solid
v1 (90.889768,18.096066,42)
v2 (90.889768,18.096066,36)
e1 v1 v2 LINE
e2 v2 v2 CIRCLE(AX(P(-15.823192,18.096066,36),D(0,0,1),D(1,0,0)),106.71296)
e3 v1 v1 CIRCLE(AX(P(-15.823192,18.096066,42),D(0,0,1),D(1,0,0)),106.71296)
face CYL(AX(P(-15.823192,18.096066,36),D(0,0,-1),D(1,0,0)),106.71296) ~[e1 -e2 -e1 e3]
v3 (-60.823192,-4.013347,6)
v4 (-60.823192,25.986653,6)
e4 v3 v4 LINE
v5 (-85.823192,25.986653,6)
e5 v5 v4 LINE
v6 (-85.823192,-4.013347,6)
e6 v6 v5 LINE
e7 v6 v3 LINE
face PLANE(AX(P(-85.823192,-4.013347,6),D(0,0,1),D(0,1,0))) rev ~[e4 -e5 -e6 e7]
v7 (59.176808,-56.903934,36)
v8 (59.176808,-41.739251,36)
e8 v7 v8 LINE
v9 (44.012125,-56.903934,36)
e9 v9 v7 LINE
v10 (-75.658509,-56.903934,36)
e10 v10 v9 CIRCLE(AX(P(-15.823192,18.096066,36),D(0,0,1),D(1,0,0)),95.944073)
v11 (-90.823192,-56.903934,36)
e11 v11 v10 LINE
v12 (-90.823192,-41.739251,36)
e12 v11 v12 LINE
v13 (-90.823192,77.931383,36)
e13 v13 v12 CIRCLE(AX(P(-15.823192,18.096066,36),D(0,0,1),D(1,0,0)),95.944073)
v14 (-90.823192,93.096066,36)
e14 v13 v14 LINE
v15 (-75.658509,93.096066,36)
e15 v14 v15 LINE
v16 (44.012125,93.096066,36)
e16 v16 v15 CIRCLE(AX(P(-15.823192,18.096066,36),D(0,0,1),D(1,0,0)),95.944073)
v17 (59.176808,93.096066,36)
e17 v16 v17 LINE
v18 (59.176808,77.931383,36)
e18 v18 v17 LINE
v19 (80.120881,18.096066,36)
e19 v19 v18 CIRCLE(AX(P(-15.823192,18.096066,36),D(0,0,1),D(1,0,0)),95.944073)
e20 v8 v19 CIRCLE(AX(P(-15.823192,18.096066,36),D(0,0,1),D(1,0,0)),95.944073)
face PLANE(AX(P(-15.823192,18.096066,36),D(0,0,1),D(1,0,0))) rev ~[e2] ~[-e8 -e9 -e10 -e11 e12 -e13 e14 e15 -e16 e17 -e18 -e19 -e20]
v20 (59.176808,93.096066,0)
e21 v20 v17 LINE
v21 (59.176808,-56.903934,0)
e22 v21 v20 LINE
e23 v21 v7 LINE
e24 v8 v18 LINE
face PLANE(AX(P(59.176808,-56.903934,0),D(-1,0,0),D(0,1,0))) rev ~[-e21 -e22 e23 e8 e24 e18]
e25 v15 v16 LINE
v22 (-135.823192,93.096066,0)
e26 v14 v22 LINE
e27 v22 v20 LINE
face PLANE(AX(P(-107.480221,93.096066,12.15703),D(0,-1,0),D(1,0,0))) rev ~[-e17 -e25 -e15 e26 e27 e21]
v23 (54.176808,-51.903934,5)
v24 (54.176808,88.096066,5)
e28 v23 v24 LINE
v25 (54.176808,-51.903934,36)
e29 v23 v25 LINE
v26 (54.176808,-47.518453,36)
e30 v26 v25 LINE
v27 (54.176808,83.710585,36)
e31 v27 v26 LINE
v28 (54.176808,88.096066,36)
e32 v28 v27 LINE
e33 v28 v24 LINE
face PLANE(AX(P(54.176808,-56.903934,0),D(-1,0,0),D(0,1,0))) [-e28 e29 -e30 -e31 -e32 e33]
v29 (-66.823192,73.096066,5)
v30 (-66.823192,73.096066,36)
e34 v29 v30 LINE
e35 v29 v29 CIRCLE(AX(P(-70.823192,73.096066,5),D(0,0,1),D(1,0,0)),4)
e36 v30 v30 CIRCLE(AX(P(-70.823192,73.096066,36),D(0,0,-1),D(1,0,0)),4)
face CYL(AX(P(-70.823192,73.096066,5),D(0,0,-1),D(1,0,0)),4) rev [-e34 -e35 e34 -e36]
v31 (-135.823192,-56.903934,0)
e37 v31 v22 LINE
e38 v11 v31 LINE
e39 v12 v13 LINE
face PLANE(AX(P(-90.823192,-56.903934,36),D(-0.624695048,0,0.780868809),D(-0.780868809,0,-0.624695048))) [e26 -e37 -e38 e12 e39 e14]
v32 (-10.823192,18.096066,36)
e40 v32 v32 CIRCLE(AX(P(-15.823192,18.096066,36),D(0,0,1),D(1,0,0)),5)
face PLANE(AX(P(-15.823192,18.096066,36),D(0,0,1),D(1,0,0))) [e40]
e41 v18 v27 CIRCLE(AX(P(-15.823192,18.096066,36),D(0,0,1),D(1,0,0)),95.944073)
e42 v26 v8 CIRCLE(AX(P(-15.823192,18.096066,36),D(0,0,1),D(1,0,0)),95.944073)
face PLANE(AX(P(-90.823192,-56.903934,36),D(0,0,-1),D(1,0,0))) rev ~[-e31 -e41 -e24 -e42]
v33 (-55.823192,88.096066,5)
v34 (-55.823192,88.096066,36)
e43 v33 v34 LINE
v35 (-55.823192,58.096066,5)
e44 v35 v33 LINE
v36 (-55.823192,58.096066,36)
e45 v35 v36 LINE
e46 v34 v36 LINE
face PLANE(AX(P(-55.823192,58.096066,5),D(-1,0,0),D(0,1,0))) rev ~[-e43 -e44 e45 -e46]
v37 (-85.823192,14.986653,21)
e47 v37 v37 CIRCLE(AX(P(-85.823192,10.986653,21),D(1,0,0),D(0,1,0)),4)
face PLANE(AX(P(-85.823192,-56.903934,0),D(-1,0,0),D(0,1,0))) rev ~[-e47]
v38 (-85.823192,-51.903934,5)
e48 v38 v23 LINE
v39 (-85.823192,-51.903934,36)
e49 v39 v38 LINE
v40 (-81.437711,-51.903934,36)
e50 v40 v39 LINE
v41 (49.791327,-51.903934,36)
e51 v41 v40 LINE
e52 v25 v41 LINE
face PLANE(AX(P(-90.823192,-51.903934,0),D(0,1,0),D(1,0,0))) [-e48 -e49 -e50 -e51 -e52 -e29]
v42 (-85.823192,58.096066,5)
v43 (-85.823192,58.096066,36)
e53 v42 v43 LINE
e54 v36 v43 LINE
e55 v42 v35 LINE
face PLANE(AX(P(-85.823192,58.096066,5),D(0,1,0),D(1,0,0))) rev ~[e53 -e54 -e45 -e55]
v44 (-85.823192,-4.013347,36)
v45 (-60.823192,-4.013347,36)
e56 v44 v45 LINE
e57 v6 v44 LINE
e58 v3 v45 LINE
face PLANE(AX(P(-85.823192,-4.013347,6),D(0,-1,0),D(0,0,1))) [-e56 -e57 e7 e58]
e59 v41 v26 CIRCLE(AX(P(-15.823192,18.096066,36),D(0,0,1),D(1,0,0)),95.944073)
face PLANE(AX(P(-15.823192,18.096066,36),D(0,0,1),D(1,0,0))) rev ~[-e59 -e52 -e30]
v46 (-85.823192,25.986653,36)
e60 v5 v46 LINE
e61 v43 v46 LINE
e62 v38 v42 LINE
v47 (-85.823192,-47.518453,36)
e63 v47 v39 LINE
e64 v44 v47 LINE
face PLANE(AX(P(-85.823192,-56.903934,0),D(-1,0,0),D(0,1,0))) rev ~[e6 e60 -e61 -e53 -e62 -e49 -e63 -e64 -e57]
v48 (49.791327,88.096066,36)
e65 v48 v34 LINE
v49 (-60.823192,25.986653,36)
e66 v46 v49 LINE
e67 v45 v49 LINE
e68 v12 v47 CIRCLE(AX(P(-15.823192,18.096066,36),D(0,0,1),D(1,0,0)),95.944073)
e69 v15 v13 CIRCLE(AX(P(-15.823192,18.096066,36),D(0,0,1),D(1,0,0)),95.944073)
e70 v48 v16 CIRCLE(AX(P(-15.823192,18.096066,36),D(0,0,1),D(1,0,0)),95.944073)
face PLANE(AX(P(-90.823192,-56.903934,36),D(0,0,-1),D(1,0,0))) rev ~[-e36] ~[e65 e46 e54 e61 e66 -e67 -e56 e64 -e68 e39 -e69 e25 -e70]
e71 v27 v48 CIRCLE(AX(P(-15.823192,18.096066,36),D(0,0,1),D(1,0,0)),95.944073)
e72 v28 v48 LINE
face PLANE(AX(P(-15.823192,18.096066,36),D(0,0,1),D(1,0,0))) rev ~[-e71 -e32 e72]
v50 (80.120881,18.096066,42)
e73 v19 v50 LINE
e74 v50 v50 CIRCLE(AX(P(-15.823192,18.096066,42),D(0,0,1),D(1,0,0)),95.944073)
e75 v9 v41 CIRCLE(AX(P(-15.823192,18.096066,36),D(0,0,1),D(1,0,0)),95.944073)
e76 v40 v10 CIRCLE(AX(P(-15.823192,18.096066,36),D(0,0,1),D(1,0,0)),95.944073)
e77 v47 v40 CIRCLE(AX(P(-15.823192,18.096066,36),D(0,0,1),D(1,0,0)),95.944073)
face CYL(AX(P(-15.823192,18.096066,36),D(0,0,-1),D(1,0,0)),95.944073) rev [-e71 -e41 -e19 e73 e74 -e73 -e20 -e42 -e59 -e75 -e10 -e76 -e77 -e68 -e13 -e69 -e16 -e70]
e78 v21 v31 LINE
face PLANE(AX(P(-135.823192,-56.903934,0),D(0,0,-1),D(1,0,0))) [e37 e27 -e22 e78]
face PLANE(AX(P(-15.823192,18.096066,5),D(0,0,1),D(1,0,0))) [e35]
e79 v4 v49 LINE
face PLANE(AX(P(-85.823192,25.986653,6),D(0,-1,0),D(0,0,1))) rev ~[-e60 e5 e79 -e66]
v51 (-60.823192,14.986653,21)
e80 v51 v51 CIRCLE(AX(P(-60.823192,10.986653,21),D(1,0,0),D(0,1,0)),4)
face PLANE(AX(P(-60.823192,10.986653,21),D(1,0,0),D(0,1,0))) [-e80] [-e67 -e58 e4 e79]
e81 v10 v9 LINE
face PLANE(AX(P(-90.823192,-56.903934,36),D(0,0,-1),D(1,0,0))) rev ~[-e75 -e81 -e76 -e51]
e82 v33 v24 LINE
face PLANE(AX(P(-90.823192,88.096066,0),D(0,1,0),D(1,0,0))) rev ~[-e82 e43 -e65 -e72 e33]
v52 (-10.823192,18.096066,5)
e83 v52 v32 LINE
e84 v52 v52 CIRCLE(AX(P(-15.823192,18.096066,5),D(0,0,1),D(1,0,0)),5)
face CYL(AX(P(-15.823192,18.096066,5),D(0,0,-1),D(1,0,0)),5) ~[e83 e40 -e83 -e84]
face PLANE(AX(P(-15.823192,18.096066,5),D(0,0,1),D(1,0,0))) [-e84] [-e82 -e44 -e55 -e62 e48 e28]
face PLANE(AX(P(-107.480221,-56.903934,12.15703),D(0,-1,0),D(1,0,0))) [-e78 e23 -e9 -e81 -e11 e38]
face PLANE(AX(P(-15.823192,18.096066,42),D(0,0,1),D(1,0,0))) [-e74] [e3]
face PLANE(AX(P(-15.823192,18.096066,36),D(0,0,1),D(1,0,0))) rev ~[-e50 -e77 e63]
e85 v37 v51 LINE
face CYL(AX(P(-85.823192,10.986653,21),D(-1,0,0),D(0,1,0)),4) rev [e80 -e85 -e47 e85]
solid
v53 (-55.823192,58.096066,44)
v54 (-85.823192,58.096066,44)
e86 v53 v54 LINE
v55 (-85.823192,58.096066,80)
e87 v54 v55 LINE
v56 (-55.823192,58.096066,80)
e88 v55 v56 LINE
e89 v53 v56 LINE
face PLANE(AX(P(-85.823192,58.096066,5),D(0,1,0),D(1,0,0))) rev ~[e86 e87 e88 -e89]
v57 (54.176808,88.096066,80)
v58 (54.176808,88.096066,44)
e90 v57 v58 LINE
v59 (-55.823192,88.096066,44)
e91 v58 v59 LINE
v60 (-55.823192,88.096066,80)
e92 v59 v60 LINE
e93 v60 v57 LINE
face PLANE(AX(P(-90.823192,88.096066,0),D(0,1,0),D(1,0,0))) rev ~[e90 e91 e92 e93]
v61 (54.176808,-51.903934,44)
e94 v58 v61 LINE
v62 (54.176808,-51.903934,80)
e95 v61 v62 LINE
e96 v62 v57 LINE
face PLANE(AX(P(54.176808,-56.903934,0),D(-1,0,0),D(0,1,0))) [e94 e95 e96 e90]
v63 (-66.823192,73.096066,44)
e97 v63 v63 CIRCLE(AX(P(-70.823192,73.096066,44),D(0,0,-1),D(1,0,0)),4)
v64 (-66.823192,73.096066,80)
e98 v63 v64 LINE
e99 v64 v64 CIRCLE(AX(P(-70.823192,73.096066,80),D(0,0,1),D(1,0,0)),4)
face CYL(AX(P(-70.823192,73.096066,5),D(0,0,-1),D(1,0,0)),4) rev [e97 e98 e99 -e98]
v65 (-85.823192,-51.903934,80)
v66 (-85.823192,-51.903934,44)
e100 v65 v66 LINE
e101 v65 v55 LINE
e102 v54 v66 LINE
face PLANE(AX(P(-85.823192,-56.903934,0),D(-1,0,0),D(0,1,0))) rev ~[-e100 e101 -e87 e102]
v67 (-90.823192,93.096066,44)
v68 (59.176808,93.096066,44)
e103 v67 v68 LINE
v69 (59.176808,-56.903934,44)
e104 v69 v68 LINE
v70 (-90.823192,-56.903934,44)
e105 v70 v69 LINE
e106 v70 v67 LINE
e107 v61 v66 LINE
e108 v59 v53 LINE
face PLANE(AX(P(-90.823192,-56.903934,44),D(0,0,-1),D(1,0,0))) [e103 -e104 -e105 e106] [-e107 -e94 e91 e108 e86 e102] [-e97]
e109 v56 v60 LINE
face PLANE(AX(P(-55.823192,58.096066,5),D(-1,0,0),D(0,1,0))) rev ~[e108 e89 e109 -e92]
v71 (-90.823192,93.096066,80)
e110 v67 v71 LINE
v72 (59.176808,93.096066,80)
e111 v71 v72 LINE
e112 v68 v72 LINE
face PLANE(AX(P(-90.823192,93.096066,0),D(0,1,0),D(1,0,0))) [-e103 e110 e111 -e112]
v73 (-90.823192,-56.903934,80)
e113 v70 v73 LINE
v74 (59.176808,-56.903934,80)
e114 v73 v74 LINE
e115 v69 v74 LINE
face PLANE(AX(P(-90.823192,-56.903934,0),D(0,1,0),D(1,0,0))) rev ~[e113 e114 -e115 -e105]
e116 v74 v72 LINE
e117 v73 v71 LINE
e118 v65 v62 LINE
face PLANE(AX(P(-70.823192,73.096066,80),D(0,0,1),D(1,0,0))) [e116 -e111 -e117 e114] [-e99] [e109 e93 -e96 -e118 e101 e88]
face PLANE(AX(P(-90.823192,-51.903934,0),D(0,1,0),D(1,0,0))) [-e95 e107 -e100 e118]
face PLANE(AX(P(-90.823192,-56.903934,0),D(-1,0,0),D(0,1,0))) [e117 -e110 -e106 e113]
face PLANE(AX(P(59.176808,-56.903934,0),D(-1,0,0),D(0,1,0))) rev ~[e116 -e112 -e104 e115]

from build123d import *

# Parameters (mm, degrees)
F0_W      = 150
F0_H      = 150
F1_DEPTH  = 80
F2_T      = -5
F3_W      = 30
F3_H      = 30
F3_R      = 4
F4_DEPTH  = 75
F5_W      = 150
F5_H      = 8
F6_DEPTH  = 150
F8_W      = 30
F8_H      = 30
F8_R      = 4
F9_DEPTH  = 25
F11_DEPTH = 150
F12_R     = 5
F13_DEPTH = 31
F14_R     = 106.712960112
F14_R_2   = 95.94407307
F15_DEPTH = 6
F16_DEPTH = 1
F17_DEPTH = 2


with BuildPart() as f1:
    # F0 (on Top) → F1 (new body)
    with BuildSketch(Plane.XY):
        with Locations((-15.8231919576, 18.09606608)):
            Rectangle(F0_W, F0_H)
    extrude(amount=F1_DEPTH)

    # F2
    f2_openings = [f1.faces().sort_by_distance(p)[0] for p in [
        (-15.823192, 18.096066, 80),
    ]]
    offset(amount=F2_T, openings=f2_openings)

    # F3 (on face) → F4 (join)
    with BuildSketch(Plane.XY.offset(5)):
        with Locations((-70.8231919576, 73.09606608)):
            Rectangle(F3_W, F3_H)
        with Locations((-70.8231919576, 73.09606608)):
            Circle(F3_R, mode=Mode.SUBTRACT)
    extrude(amount=F4_DEPTH)

    # F5 (on face) → F6 (cut)
    with BuildSketch(Plane.XZ.offset(56.90393392)):
        with Locations((-15.8231919576, 40)):
            Rectangle(F5_W, F5_H)
    extrude(amount=-F6_DEPTH, mode=Mode.SUBTRACT)

    # F8 (on face) → F9 (join)
    with BuildSketch(Plane.YZ.offset(-85.8231919576)):
        with Locations((10.9866525605, 21)):
            Rectangle(F8_W, F8_H)
        with Locations((10.9866525605, 21)):
            Circle(F8_R, mode=Mode.SUBTRACT)
    extrude(amount=F9_DEPTH)

    # F10 (on face) → F11 (join)
    with BuildSketch(Plane.XZ.offset(56.90393392)):
        Polygon((-135.8231919576, 0), (-90.8231919576, 0), (-90.8231919576, 36), align=None)
    extrude(amount=-F11_DEPTH)

    # F12 (on face) → F13 (join)
    with BuildSketch(Plane.XY.offset(5)):
        with Locations((-15.8231919576, 18.09606608)):
            Circle(F12_R)
    extrude(amount=F13_DEPTH)

    # F14 (on face) → F15 (join)
    with BuildSketch(Plane.XY.offset(36)):
        with Locations((-15.8231919576, 18.09606608)):
            Circle(F14_R)
        with Locations((-15.8231919576, 18.09606608)):
            Circle(F14_R_2, mode=Mode.SUBTRACT)
    extrude(amount=F15_DEPTH)

    # F16 (add): a face of the model
    f16_faces = [f1.faces().sort_by_distance(p)[0] for p in [
        (-119.5178537602, 18.09606608, 36),
    ]]
    extrude(f16_faces, amount=-F16_DEPTH)

    # F17 (add): a face of the model
    f17_faces = [f1.faces().sort_by_distance(p)[0] for p in [
        (-119.5178537602, 18.09606608, 36),
    ]]
    extrude(f17_faces, amount=-F17_DEPTH)


solid = f1.part
